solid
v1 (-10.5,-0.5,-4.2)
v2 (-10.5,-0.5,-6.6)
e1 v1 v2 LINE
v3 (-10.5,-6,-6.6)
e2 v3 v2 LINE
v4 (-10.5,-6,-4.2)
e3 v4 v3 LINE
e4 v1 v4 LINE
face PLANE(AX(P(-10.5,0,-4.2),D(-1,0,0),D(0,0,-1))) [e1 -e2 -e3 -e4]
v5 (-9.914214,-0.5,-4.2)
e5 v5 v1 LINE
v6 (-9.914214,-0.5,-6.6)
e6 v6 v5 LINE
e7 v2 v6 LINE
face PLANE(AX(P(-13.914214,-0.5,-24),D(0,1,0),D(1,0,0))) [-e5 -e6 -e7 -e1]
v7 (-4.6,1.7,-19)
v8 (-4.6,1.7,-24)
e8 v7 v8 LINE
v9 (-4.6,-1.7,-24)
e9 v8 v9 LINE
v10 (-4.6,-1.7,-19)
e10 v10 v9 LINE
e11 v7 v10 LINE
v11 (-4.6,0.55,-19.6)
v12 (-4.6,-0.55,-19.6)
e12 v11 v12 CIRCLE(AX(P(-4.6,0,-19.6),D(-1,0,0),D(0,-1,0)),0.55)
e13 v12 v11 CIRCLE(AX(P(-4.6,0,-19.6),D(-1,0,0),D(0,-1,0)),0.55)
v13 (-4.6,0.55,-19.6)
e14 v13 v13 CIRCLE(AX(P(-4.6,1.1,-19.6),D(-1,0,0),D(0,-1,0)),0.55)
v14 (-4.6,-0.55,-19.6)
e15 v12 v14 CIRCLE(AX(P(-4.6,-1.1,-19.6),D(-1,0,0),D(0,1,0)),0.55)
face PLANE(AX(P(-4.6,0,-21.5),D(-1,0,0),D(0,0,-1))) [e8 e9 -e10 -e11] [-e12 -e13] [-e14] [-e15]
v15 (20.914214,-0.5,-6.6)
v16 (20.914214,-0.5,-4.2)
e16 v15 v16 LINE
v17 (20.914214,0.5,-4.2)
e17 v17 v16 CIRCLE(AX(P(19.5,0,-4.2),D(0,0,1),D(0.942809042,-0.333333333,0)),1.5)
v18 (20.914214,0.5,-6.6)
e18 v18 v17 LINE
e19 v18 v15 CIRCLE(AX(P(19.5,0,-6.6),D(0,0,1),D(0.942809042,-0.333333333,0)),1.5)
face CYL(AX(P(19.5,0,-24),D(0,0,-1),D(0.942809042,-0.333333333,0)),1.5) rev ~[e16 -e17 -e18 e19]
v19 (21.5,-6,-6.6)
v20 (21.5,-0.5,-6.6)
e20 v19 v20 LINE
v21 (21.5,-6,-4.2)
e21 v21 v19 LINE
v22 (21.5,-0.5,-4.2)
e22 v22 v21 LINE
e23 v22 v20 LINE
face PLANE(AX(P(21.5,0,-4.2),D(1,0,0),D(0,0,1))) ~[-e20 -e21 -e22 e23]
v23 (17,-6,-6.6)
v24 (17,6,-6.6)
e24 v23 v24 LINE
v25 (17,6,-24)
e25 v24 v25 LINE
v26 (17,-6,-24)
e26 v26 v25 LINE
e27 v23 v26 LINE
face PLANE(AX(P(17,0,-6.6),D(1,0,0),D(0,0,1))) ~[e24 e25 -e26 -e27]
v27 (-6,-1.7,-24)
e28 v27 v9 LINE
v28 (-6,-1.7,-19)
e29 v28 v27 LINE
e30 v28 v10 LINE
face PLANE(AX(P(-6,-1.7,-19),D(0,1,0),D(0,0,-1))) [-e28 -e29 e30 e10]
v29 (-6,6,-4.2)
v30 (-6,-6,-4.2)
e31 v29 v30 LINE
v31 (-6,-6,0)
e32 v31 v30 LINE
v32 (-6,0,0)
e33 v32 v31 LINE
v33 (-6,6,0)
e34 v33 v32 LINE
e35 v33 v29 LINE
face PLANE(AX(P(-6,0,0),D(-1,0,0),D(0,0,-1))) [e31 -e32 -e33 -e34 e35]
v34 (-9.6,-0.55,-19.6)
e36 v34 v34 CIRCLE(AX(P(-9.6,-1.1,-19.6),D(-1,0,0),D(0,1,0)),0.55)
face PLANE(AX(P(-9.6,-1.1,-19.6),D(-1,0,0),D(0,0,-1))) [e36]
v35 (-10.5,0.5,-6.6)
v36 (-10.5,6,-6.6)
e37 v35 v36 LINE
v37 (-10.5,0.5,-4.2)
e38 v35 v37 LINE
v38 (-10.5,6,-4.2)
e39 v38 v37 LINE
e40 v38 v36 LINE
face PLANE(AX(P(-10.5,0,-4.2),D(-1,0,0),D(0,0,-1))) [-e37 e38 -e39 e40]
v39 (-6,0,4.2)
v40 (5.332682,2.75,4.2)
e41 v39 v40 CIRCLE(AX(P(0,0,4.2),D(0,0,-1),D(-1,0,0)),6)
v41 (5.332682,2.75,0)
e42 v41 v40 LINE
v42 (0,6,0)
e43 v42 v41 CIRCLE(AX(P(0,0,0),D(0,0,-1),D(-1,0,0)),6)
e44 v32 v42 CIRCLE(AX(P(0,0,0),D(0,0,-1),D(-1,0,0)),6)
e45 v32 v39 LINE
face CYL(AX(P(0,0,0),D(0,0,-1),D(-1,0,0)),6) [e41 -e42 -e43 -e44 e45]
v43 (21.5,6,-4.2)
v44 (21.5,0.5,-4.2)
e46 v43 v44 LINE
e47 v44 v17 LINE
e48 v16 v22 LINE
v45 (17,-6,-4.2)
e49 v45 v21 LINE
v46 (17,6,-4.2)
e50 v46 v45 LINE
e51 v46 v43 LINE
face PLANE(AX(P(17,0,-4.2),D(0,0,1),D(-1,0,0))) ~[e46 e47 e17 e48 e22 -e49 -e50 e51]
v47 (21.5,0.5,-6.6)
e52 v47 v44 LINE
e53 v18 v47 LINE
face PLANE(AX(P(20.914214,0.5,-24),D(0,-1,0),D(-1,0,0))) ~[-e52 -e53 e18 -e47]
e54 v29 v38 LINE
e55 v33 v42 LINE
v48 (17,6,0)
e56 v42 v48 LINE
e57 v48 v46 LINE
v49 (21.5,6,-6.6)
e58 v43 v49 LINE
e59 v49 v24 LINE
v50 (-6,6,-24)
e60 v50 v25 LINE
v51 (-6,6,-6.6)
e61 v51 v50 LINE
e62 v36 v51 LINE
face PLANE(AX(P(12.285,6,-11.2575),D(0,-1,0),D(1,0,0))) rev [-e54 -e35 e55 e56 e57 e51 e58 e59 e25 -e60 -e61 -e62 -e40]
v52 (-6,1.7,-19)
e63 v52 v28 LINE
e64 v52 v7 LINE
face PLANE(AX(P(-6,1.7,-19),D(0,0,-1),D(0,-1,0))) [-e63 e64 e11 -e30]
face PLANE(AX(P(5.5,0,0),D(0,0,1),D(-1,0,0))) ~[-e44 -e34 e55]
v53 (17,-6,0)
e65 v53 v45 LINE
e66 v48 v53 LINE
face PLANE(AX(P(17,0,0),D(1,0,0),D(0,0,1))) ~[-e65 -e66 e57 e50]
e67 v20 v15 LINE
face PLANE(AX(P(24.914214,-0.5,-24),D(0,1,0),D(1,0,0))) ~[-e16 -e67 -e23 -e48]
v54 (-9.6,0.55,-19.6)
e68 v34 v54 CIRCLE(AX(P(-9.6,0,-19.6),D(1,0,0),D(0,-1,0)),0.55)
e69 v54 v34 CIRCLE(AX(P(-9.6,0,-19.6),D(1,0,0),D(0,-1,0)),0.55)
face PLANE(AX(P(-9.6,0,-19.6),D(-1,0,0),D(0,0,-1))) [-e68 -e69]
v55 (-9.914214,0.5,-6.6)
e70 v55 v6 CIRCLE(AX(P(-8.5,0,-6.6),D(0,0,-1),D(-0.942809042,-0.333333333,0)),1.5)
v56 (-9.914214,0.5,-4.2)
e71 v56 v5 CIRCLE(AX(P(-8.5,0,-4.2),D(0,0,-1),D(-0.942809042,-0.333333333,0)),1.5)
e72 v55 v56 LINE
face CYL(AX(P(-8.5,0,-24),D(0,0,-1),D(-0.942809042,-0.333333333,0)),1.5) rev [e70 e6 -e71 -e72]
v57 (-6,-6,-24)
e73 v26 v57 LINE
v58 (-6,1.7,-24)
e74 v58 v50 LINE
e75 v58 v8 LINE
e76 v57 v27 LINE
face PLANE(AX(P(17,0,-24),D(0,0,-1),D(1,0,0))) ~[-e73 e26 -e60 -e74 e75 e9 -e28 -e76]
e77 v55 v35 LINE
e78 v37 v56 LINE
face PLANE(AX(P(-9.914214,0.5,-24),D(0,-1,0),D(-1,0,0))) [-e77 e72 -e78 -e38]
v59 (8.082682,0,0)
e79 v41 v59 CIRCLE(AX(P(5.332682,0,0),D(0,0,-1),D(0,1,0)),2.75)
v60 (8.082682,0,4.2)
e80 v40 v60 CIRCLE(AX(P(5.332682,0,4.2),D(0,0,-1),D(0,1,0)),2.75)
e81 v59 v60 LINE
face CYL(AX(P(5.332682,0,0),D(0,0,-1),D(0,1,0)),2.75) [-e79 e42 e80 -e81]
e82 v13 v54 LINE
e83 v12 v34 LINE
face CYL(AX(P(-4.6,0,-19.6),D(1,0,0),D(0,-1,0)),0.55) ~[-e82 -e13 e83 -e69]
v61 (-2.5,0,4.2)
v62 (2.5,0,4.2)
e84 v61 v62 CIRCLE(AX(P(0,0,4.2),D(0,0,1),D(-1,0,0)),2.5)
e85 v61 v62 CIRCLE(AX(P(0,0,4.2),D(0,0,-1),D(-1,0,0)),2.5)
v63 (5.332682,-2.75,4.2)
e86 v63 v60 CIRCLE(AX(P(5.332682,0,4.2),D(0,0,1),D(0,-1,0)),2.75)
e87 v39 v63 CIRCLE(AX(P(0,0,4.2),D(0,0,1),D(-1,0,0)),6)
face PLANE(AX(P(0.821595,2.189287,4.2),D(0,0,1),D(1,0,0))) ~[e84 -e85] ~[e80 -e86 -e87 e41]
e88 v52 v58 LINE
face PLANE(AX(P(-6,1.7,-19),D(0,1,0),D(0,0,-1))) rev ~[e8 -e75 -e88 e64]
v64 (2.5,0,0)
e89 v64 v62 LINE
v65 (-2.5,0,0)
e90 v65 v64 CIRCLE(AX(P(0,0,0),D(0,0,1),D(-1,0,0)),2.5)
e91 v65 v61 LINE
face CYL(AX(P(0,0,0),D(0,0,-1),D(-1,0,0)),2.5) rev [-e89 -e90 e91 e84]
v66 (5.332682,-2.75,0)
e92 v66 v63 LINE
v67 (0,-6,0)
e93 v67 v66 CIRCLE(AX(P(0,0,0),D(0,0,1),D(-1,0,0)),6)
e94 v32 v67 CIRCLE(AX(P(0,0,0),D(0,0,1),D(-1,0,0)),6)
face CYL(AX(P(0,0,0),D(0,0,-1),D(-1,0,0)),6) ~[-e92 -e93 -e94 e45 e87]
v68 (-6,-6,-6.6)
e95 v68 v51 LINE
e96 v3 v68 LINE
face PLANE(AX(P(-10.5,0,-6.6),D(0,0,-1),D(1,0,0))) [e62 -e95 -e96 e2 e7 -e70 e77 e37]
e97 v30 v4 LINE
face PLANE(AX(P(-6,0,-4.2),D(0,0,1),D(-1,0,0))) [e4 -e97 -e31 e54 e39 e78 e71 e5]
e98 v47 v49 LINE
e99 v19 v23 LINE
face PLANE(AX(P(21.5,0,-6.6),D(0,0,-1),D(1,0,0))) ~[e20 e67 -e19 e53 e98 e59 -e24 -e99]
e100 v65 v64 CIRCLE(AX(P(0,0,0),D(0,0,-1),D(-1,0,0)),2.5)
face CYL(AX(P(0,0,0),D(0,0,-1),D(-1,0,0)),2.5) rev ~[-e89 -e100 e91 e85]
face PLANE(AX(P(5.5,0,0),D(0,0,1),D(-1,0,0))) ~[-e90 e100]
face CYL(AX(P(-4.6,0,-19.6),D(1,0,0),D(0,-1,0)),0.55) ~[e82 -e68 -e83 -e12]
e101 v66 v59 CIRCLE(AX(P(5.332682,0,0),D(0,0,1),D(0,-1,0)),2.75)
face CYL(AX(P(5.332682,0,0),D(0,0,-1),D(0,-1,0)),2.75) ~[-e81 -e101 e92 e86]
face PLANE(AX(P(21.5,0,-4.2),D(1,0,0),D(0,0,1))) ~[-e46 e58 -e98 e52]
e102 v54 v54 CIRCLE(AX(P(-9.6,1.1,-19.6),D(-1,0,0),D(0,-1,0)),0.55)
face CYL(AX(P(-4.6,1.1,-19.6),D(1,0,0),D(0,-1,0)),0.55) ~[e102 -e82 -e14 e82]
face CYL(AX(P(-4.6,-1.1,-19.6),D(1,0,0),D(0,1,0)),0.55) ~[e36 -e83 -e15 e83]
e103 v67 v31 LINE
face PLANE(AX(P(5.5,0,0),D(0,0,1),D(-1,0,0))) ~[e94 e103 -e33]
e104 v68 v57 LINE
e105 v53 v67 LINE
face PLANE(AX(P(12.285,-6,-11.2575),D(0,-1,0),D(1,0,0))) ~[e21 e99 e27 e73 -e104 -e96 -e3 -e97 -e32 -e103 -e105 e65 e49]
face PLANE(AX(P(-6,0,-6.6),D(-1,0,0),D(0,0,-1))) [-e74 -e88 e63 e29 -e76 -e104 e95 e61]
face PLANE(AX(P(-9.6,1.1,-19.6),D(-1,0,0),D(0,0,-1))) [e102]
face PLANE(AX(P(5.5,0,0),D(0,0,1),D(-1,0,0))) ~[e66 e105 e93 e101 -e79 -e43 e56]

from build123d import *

# Parameters (mm, degrees)
PAD023_DEPTH         = 6
POCKET021_DEPTH      = 62.4829974073
POCKET021_DEPTH_BACK = 86.4829974073
PAD001_DEPTH         = 4.2
SKETCH003_W          = 5
SKETCH003_H          = 3.4
POCKET022_DEPTH      = 1.4
SKETCH004_R          = 0.55
PAD002_DEPTH         = 5


with BuildPart() as part:
    # Sketch044 → Pad023 (new body, symmetric)
    with BuildSketch(Plane.XZ):
        Polygon((-11.5, 0), (0, 0), (0, 24), (-11.5, 24), (-11.5, 19.8), (-16, 19.8), (-16, 17.4), (-11.5, 17.4), align=None)
    extrude(amount=PAD023_DEPTH, both=True)

    # Sketch001 → Pocket021 (cut, two sides)
    with BuildSketch(Plane.XY) as pocket021_sk:
        with BuildLine():
            ThreePointArc((-15.4142135624, -0.5), (-12.5, 0), (-15.4142135624, 0.5))
            Line((-15.4142135624, 0.5), (-19.4142135624, 0.5))
            Line((-19.4142135624, 0.5), (-19.4142135624, -0.5))
            Line((-19.4142135624, -0.5), (-15.4142135624, -0.5))
        make_face()
    extrude(amount=-POCKET021_DEPTH, mode=Mode.SUBTRACT)
    extrude(pocket021_sk.sketch, amount=POCKET021_DEPTH_BACK, mode=Mode.SUBTRACT)

    # Mirrored007: part across Sketch001 V_Axis


with BuildPart() as part_1:
    add(part.part)
    add(part.part.mirror(Plane(origin=(0, 0, 0), x_dir=(0, 0, 1), z_dir=(1, 0, 0))))

    # Sketch002 (on Face22 of Mirrored007) → Pad001 (join)
    with BuildSketch(Plane(origin=(-5.5, 0, 24), x_dir=(-1, 0, 0), z_dir=(0, 0, 1))):
        with BuildLine():
            ThreePointArc((6, 0), (1.41490397, 5.8307844031), (-5.3326822519, 2.75))
            ThreePointArc((-5.3326822519, 2.75), (-7.2772259002, 1.9445436483), (-8.0826822519, 0))
            Line((-8.0826822519, 0), (-2.5, 0))
            ThreePointArc((2.5, 0), (0, 2.5), (-2.5, 0))
            Line((2.5, 0), (6, 0))
        make_face()
    pad001 = extrude(amount=PAD001_DEPTH)

    # Mirrored008: Pad001 across Sketch002 H_Axis
    add(pad001.mirror(Plane(origin=(-5.5, 0, 24), x_dir=(0, 0, 1), z_dir=(0, -1, 0))))

    # Sketch003 (on Face3 of Mirrored008) → Pocket022 (cut)
    with BuildSketch(Plane(origin=(-11.5, 0, 0), x_dir=(0, 0, -1), z_dir=(-1, 0, 0))):
        with Locations((-2.5, 0)):
            Rectangle(SKETCH003_W, SKETCH003_H)
    extrude(amount=-POCKET022_DEPTH, mode=Mode.SUBTRACT)

    # Sketch004 (on Face28 of Pocket022) → Pad002 (join)
    with BuildSketch(Plane(origin=(-10.1, 0, 0), x_dir=(0, 0, -1), z_dir=(-1, 0, 0))):
        with Locations((-4.4, 1.1)):
            Circle(SKETCH004_R)
        with Locations((-4.4, 0)):
            Circle(SKETCH004_R)
        with Locations((-4.4, -1.1)):
            Circle(SKETCH004_R)
    extrude(amount=PAD002_DEPTH)


with BuildPart() as part_2:
    # Body018 placement: moved
    add(part_1.part.moved(Location((5.5, 0, -24))))


solid = part_2.part
